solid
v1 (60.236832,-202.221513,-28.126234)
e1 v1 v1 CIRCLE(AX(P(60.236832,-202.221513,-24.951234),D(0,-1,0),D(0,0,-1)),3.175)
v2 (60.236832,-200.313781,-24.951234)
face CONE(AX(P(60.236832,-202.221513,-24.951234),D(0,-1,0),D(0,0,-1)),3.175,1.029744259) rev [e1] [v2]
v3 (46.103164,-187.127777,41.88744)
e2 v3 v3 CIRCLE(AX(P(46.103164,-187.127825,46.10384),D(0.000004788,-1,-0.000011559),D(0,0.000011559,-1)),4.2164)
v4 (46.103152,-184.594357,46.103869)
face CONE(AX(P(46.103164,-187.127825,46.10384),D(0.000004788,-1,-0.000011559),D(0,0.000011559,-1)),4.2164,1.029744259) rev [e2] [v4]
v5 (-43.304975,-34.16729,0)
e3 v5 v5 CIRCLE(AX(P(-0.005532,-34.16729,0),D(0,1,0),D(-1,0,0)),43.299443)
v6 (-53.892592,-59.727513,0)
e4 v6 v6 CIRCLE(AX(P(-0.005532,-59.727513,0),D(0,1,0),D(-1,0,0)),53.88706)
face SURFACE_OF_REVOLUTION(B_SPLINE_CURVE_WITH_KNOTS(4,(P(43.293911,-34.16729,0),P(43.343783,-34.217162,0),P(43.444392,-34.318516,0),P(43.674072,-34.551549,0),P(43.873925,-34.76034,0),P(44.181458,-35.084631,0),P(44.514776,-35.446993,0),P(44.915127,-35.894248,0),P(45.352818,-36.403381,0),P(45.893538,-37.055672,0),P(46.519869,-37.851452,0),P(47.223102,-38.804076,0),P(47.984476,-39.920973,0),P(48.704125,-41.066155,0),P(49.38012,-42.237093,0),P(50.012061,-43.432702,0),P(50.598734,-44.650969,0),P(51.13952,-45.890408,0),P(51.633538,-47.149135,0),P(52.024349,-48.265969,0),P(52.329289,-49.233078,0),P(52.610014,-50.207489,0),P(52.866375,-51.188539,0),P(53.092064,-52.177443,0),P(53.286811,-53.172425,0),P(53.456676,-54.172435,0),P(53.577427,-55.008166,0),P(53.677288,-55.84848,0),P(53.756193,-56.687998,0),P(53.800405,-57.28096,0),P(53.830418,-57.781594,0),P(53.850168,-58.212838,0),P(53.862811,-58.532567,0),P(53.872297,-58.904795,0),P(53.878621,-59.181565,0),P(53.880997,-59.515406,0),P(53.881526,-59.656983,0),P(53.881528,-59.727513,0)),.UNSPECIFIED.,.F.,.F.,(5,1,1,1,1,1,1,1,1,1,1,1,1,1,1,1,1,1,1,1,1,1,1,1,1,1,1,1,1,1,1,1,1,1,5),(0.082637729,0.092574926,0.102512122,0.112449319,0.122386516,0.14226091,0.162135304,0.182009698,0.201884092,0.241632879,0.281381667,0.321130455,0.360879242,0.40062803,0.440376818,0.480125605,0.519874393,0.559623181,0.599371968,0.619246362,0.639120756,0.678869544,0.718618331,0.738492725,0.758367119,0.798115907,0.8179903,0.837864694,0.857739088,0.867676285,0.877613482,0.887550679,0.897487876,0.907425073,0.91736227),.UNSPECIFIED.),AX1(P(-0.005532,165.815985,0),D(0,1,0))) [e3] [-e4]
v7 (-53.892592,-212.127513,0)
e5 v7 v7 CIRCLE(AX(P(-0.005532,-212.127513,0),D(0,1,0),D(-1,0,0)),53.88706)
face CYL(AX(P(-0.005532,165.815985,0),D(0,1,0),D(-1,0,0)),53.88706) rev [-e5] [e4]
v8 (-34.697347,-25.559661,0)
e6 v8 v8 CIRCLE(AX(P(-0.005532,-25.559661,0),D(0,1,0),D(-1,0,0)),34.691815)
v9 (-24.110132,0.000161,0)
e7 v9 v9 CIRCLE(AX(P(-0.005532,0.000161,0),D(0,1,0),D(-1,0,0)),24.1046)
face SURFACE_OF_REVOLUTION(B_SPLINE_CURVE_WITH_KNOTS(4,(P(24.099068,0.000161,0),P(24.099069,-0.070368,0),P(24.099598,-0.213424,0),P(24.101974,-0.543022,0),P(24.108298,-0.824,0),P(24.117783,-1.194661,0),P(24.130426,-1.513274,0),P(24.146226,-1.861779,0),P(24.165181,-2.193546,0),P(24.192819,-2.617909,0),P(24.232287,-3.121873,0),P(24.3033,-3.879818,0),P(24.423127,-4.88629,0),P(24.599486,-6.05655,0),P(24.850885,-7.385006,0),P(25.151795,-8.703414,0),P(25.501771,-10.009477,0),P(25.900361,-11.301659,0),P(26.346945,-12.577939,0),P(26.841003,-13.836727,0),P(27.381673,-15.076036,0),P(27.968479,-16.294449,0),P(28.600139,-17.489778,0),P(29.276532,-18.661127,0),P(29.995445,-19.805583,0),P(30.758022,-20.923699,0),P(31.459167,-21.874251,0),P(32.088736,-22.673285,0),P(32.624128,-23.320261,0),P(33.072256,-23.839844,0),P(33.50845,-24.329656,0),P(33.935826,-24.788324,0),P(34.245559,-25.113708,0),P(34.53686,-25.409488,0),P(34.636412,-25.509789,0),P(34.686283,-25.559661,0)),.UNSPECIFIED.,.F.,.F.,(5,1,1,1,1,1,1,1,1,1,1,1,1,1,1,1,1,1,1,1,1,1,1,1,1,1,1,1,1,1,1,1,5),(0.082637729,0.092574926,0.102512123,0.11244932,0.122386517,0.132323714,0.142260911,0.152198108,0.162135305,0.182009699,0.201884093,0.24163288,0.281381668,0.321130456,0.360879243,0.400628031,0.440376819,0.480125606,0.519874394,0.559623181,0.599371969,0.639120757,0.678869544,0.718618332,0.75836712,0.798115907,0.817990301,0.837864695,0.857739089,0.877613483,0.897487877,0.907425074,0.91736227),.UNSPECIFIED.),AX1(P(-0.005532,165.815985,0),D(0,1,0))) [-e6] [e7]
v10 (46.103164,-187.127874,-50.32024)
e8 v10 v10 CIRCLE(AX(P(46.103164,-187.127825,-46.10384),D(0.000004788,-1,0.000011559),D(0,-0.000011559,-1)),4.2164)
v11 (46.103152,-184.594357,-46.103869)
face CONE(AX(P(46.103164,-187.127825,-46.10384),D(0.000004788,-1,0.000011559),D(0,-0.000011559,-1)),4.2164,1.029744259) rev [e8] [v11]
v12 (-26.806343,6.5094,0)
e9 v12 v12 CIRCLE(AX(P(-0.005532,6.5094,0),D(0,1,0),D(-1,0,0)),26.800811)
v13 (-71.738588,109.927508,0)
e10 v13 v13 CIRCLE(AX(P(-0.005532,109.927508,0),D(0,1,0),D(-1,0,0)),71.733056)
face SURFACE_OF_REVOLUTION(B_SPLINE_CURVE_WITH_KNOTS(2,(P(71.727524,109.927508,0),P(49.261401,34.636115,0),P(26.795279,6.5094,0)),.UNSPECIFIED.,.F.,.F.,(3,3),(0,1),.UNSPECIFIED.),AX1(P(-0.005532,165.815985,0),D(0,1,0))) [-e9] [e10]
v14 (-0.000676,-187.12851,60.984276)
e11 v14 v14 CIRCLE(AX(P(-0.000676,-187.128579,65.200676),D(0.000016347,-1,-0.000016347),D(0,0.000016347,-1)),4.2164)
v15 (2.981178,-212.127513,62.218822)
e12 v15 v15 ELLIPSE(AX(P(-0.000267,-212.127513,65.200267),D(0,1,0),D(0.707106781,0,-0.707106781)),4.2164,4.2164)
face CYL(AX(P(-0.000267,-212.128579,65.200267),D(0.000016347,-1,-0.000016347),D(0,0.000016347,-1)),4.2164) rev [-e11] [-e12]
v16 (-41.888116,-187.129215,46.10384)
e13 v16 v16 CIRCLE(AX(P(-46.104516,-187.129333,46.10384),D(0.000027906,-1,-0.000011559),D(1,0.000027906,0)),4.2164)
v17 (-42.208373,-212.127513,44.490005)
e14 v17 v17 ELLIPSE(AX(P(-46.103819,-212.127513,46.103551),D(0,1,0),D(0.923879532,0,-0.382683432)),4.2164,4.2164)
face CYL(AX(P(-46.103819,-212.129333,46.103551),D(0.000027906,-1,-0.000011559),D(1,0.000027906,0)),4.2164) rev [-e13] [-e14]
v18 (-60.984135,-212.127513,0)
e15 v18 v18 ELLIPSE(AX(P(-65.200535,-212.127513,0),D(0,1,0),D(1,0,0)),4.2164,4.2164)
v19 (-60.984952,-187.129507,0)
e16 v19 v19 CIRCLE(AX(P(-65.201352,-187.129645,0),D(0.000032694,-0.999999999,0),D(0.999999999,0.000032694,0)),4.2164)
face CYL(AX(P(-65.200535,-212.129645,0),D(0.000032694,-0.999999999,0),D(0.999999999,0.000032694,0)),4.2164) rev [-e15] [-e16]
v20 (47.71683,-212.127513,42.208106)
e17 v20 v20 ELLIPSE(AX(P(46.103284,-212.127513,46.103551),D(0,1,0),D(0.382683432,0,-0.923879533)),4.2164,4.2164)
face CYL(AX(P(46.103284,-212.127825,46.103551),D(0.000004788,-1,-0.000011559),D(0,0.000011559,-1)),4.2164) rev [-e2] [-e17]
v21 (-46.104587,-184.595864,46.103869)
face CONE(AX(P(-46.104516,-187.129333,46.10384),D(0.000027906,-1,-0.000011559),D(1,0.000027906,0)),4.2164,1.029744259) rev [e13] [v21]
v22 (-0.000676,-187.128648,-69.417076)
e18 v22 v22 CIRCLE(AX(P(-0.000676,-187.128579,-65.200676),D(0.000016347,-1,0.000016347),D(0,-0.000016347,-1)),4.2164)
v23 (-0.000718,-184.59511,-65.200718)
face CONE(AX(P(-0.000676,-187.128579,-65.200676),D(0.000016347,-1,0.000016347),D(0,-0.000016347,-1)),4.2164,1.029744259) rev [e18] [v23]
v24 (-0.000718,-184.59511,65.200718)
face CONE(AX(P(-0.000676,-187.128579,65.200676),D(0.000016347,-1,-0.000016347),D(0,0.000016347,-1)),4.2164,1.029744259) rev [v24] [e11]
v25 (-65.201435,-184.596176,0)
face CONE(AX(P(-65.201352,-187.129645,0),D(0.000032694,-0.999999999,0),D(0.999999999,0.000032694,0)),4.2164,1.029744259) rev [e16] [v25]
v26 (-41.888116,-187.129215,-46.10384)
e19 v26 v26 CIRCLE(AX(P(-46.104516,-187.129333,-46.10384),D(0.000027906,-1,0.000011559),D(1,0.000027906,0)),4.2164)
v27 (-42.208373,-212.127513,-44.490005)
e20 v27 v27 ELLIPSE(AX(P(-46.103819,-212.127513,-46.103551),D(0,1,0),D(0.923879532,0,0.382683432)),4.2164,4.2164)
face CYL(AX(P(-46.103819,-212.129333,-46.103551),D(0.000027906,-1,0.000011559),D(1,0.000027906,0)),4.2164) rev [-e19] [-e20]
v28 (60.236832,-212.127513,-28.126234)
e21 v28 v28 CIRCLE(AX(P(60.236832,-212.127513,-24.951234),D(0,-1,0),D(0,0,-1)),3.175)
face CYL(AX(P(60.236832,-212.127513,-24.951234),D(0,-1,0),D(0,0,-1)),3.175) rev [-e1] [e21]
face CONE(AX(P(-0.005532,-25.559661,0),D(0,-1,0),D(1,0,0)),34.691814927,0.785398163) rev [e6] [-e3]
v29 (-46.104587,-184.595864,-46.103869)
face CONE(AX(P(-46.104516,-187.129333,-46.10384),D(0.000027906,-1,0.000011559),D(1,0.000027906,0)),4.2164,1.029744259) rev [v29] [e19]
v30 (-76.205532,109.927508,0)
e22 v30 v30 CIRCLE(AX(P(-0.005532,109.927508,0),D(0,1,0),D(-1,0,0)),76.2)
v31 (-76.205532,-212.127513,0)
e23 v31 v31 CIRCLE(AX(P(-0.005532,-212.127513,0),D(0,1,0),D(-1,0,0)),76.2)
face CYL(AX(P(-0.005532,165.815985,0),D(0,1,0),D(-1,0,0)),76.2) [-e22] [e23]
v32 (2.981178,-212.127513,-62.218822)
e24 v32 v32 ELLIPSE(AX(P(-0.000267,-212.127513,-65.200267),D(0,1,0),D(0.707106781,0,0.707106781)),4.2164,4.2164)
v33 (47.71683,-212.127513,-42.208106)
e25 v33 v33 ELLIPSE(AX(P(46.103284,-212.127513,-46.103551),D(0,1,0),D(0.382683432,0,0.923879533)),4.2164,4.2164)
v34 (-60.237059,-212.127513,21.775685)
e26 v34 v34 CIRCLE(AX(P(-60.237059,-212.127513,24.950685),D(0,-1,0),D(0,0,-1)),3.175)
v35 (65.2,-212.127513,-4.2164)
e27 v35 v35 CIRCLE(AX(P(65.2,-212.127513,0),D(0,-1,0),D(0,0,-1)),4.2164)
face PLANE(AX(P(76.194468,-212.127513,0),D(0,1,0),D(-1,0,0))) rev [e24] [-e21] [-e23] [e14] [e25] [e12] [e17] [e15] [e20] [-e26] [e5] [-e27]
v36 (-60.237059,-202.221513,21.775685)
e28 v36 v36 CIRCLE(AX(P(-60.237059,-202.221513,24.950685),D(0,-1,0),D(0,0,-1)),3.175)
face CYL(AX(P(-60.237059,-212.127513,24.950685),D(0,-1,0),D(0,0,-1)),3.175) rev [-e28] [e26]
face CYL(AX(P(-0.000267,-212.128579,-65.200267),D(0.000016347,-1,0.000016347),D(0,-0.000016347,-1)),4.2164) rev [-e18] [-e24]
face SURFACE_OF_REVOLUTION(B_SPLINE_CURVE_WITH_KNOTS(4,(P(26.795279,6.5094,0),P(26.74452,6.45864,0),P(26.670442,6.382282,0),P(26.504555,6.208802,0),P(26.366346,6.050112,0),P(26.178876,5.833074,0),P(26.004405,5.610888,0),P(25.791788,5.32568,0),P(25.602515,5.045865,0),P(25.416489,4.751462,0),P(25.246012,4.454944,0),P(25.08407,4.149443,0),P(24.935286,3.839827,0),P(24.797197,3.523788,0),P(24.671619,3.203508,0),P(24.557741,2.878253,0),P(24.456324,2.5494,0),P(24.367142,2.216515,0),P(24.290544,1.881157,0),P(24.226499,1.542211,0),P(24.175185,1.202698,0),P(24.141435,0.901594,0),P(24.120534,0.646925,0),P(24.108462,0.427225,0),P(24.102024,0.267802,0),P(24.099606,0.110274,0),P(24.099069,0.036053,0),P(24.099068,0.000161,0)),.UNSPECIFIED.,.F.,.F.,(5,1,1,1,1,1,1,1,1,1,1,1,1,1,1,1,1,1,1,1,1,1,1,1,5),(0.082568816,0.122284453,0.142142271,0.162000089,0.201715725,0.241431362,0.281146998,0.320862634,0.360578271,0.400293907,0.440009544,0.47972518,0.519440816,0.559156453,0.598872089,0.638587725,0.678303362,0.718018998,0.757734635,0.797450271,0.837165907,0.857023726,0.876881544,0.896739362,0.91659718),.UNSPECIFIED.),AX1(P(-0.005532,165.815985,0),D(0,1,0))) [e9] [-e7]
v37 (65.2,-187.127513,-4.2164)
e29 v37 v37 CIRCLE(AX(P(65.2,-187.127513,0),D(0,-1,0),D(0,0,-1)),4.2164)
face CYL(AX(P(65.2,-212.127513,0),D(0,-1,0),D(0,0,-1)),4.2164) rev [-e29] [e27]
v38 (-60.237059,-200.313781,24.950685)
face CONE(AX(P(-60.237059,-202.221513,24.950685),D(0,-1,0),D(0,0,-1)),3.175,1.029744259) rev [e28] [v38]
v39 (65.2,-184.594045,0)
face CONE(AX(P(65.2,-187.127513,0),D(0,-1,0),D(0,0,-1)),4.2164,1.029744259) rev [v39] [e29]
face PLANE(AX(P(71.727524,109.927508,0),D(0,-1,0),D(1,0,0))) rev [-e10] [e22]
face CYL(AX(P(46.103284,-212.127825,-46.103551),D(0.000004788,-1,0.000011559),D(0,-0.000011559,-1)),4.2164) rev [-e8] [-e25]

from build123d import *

# Parameters (mm, degrees)
CIRPATTERN1_COUNT              = 8
F_1_4_0_2500_DOWEL_HOLE1_D     = 6.35
F_1_4_0_2500_DOWEL_HOLE1_DEPTH = 9.906
F_1_4_0_2500_DOWEL_HOLE1_TIP   = 1.907732465


with BuildPart() as part:
    # Sketch1 → Revolve2 (revolve)
    with BuildSketch(Plane.XY, mode=Mode.PRIVATE) as revolve2_sk:
        with BuildLine():
            Line((71.727523602, 109.927507641), (76.194467874, 109.927507641))
            Line((76.194467874, 109.927507641), (76.194467874, -212.127513222))
            Line((76.194467874, -212.127513222), (53.881527661, -212.127513222))
            Line((53.881527661, -212.127513222), (53.881527661, -59.727513222))
            add(Edge.make_bspline(
                [(53.881527661, -59.727513222), (53.88152643, -59.656983156), (53.880997287, -59.515406102), (53.878621437, -59.181564616), (53.872296838, -58.904795492), (53.862811351, -58.532567487), (53.850168453, -58.212837621), (53.830417626, -57.781594442), (53.800405285, -57.280959899), (53.756193121, -56.687998165), (53.677288452, -55.848480365), (53.577426861, -55.00816586), (53.456675786, -54.17243543), (53.286810822, -53.172425239), (53.092064187, -52.177442821), (52.86637512, -51.188539083), (52.610014224, -50.207489038), (52.32928934, -49.23307774), (52.024348739, -48.265969223), (51.633537831, -47.149135067), (51.139520361, -45.890408405), (50.598733752, -44.650968803), (50.012060927, -43.432701525), (49.38012023, -42.237093238), (48.704125229, -41.066154878), (47.984475519, -39.920972657), (47.223102138, -38.804076239), (46.51986906, -37.851451785), (45.893537937, -37.055672122), (45.35281768, -36.403381282), (44.915126948, -35.894247632), (44.514776189, -35.446992657), (44.181457503, -35.084631185), (43.873924624, -34.760340151), (43.674072406, -34.55154945), (43.444392072, -34.318516287), (43.343783151, -34.217162055), (43.293911001, -34.167289665)],
                knots=[0.082637729, 0.082637729, 0.082637729, 0.082637729, 0.082637729, 0.092574926, 0.102512123, 0.11244932, 0.122386517, 0.132323714, 0.142260911, 0.162135305, 0.182009699, 0.201884093, 0.24163288, 0.261507274, 0.281381668, 0.321130456, 0.360879243, 0.380753637, 0.400628031, 0.440376819, 0.480125606, 0.519874394, 0.559623181, 0.599371969, 0.639120757, 0.678869544, 0.718618332, 0.75836712, 0.798115907, 0.817990301, 0.837864695, 0.857739089, 0.877613483, 0.88755068, 0.897487877, 0.907425074, 0.91736227, 0.91736227, 0.91736227, 0.91736227, 0.91736227], degree=4))
            Line((43.293911001, -34.167289665), (34.686282803, -25.559661468))
            add(Edge.make_bspline(
                [(24.099067874, 0.000160672), (24.099069105, -0.070367974), (24.099598252, -0.213423517), (24.101973937, -0.543022243), (24.108298331, -0.823999723), (24.117783452, -1.194661398), (24.130425744, -1.513274385), (24.146225968, -1.86177893), (24.165181227, -2.193546199), (24.192818841, -2.617908727), (24.232287047, -3.121873274), (24.303299707, -3.879818002), (24.423126678, -4.886289716), (24.599486044, -6.056550088), (24.850885233, -7.385005743), (25.151795313, -8.703413844), (25.501770623, -10.009476539), (25.900360983, -11.301658928), (26.346945392, -12.577938667), (26.841003323, -13.836726817), (27.381673122, -15.076036463), (27.968479387, -16.294449129), (28.600139398, -17.489778131), (29.276532396, -18.661127096), (29.995445102, -19.805582737), (30.758021999, -20.923699417), (31.459167193, -21.874251104), (32.088736123, -22.673284825), (32.624128416, -23.320261484), (33.072255768, -23.839844364), (33.508450026, -24.329655594), (33.935826121, -24.788323739), (34.24555864, -25.11370766), (34.536859958, -25.409488397), (34.636412426, -25.509789283), (34.686282803, -25.559661468)],
                knots=[0.082637729, 0.082637729, 0.082637729, 0.082637729, 0.082637729, 0.092574926, 0.102512123, 0.11244932, 0.122386517, 0.132323714, 0.142260911, 0.152198108, 0.162135305, 0.182009699, 0.201884093, 0.24163288, 0.281381668, 0.321130456, 0.360879243, 0.400628031, 0.440376819, 0.480125606, 0.519874394, 0.559623181, 0.599371969, 0.639120757, 0.678869544, 0.718618332, 0.75836712, 0.798115907, 0.817990301, 0.837864695, 0.857739089, 0.877613483, 0.897487877, 0.907425074, 0.91736227, 0.91736227, 0.91736227, 0.91736227, 0.91736227], degree=4))
            add(Edge.make_bspline(
                [(24.099067874, 0.000160672), (24.0990685, 0.036053324), (24.099606331, 0.110274362), (24.102023723, 0.267801742), (24.108461568, 0.427224789), (24.120533599, 0.646924939), (24.141435087, 0.901594), (24.175184719, 1.202697945), (24.226499305, 1.54221117), (24.290543701, 1.881157449), (24.367141601, 2.216515092), (24.456323571, 2.549400093), (24.557741413, 2.878253317), (24.671619071, 3.203507713), (24.797196771, 3.523787829), (24.935285977, 3.839827405), (25.084070301, 4.149442857), (25.246012222, 4.454943795), (25.416488505, 4.751462248), (25.602514721, 5.045864533), (25.79178827, 5.325679608), (26.004405474, 5.610888215), (26.178876374, 5.83307432), (26.366345756, 6.050112309), (26.504555248, 6.208802318), (26.67044207, 6.382282451), (26.744520261, 6.458639514), (26.795279203, 6.509400323)],
                knots=[0.082568816, 0.082568816, 0.082568816, 0.082568816, 0.082568816, 0.102426634, 0.122284453, 0.142142271, 0.162000089, 0.201715725, 0.241431362, 0.281146998, 0.320862634, 0.360578271, 0.400293907, 0.440009544, 0.47972518, 0.519440816, 0.559156453, 0.598872089, 0.638587725, 0.678303362, 0.718018998, 0.757734635, 0.797450271, 0.837165907, 0.857023726, 0.876881544, 0.91659718, 0.91659718, 0.91659718, 0.91659718, 0.91659718], degree=4))
            add(Edge.make_bspline(
                [(26.795279203, 6.509400323), (49.261401403, 34.636114842), (71.727523602, 109.927507641)],
                knots=[0, 0, 0, 1, 1, 1], degree=2))
        make_face()
    revolve(revolve2_sk.sketch.rotate(Axis((-0.005532126, 165.815985114, 0), (0, -1, 0)), 180), axis=Axis((-0.005532126, 165.815985114, 0), (0, -1, 0)))

    # Sketch4 → 3/8-24 Tapped Hole1 (revolve, cut)
    with BuildSketch(Plane(origin=(65.2, -212.127513222, 0), x_dir=(0, 0, -1), z_dir=(1, 0, 0))):
        Polygon((0, 0), (0, 27.533468714), (4.2164, 25), (4.2164, 0), align=None)
    f_3_8_24_tapped_hole1 = revolve(axis=Axis((65.2, -218.477513222, 0), (0, 1, 0)), mode=Mode.SUBTRACT)

    # CirPattern1: 3/8-24 Tapped Hole1 ×8 about axis
    cirpattern1_axis = Axis((0, -228.487022387, 0), (-1.634718801334702e-05, 0.9999999998663848, 0))
    for i in range(1, CIRPATTERN1_COUNT):
        add(f_3_8_24_tapped_hole1.rotate(cirpattern1_axis, i * 360 / CIRPATTERN1_COUNT), mode=Mode.SUBTRACT)

    # 1/4 (0.2500) Dowel Hole1
    with Locations(Plane(origin=(0, -212.127513222, 0), x_dir=(-1, 0, 0), z_dir=(0, -1, 0))):
        with Locations((-60.236831784, 24.951234372), (60.23705925, -24.95068522)):
            Hole(F_1_4_0_2500_DOWEL_HOLE1_D / 2, depth=F_1_4_0_2500_DOWEL_HOLE1_DEPTH)
            with Locations((0, 0, -(F_1_4_0_2500_DOWEL_HOLE1_DEPTH + F_1_4_0_2500_DOWEL_HOLE1_TIP / 2))):  # 118° drill point
                Cone(0, F_1_4_0_2500_DOWEL_HOLE1_D / 2, F_1_4_0_2500_DOWEL_HOLE1_TIP, mode=Mode.SUBTRACT)


solid = part.part
